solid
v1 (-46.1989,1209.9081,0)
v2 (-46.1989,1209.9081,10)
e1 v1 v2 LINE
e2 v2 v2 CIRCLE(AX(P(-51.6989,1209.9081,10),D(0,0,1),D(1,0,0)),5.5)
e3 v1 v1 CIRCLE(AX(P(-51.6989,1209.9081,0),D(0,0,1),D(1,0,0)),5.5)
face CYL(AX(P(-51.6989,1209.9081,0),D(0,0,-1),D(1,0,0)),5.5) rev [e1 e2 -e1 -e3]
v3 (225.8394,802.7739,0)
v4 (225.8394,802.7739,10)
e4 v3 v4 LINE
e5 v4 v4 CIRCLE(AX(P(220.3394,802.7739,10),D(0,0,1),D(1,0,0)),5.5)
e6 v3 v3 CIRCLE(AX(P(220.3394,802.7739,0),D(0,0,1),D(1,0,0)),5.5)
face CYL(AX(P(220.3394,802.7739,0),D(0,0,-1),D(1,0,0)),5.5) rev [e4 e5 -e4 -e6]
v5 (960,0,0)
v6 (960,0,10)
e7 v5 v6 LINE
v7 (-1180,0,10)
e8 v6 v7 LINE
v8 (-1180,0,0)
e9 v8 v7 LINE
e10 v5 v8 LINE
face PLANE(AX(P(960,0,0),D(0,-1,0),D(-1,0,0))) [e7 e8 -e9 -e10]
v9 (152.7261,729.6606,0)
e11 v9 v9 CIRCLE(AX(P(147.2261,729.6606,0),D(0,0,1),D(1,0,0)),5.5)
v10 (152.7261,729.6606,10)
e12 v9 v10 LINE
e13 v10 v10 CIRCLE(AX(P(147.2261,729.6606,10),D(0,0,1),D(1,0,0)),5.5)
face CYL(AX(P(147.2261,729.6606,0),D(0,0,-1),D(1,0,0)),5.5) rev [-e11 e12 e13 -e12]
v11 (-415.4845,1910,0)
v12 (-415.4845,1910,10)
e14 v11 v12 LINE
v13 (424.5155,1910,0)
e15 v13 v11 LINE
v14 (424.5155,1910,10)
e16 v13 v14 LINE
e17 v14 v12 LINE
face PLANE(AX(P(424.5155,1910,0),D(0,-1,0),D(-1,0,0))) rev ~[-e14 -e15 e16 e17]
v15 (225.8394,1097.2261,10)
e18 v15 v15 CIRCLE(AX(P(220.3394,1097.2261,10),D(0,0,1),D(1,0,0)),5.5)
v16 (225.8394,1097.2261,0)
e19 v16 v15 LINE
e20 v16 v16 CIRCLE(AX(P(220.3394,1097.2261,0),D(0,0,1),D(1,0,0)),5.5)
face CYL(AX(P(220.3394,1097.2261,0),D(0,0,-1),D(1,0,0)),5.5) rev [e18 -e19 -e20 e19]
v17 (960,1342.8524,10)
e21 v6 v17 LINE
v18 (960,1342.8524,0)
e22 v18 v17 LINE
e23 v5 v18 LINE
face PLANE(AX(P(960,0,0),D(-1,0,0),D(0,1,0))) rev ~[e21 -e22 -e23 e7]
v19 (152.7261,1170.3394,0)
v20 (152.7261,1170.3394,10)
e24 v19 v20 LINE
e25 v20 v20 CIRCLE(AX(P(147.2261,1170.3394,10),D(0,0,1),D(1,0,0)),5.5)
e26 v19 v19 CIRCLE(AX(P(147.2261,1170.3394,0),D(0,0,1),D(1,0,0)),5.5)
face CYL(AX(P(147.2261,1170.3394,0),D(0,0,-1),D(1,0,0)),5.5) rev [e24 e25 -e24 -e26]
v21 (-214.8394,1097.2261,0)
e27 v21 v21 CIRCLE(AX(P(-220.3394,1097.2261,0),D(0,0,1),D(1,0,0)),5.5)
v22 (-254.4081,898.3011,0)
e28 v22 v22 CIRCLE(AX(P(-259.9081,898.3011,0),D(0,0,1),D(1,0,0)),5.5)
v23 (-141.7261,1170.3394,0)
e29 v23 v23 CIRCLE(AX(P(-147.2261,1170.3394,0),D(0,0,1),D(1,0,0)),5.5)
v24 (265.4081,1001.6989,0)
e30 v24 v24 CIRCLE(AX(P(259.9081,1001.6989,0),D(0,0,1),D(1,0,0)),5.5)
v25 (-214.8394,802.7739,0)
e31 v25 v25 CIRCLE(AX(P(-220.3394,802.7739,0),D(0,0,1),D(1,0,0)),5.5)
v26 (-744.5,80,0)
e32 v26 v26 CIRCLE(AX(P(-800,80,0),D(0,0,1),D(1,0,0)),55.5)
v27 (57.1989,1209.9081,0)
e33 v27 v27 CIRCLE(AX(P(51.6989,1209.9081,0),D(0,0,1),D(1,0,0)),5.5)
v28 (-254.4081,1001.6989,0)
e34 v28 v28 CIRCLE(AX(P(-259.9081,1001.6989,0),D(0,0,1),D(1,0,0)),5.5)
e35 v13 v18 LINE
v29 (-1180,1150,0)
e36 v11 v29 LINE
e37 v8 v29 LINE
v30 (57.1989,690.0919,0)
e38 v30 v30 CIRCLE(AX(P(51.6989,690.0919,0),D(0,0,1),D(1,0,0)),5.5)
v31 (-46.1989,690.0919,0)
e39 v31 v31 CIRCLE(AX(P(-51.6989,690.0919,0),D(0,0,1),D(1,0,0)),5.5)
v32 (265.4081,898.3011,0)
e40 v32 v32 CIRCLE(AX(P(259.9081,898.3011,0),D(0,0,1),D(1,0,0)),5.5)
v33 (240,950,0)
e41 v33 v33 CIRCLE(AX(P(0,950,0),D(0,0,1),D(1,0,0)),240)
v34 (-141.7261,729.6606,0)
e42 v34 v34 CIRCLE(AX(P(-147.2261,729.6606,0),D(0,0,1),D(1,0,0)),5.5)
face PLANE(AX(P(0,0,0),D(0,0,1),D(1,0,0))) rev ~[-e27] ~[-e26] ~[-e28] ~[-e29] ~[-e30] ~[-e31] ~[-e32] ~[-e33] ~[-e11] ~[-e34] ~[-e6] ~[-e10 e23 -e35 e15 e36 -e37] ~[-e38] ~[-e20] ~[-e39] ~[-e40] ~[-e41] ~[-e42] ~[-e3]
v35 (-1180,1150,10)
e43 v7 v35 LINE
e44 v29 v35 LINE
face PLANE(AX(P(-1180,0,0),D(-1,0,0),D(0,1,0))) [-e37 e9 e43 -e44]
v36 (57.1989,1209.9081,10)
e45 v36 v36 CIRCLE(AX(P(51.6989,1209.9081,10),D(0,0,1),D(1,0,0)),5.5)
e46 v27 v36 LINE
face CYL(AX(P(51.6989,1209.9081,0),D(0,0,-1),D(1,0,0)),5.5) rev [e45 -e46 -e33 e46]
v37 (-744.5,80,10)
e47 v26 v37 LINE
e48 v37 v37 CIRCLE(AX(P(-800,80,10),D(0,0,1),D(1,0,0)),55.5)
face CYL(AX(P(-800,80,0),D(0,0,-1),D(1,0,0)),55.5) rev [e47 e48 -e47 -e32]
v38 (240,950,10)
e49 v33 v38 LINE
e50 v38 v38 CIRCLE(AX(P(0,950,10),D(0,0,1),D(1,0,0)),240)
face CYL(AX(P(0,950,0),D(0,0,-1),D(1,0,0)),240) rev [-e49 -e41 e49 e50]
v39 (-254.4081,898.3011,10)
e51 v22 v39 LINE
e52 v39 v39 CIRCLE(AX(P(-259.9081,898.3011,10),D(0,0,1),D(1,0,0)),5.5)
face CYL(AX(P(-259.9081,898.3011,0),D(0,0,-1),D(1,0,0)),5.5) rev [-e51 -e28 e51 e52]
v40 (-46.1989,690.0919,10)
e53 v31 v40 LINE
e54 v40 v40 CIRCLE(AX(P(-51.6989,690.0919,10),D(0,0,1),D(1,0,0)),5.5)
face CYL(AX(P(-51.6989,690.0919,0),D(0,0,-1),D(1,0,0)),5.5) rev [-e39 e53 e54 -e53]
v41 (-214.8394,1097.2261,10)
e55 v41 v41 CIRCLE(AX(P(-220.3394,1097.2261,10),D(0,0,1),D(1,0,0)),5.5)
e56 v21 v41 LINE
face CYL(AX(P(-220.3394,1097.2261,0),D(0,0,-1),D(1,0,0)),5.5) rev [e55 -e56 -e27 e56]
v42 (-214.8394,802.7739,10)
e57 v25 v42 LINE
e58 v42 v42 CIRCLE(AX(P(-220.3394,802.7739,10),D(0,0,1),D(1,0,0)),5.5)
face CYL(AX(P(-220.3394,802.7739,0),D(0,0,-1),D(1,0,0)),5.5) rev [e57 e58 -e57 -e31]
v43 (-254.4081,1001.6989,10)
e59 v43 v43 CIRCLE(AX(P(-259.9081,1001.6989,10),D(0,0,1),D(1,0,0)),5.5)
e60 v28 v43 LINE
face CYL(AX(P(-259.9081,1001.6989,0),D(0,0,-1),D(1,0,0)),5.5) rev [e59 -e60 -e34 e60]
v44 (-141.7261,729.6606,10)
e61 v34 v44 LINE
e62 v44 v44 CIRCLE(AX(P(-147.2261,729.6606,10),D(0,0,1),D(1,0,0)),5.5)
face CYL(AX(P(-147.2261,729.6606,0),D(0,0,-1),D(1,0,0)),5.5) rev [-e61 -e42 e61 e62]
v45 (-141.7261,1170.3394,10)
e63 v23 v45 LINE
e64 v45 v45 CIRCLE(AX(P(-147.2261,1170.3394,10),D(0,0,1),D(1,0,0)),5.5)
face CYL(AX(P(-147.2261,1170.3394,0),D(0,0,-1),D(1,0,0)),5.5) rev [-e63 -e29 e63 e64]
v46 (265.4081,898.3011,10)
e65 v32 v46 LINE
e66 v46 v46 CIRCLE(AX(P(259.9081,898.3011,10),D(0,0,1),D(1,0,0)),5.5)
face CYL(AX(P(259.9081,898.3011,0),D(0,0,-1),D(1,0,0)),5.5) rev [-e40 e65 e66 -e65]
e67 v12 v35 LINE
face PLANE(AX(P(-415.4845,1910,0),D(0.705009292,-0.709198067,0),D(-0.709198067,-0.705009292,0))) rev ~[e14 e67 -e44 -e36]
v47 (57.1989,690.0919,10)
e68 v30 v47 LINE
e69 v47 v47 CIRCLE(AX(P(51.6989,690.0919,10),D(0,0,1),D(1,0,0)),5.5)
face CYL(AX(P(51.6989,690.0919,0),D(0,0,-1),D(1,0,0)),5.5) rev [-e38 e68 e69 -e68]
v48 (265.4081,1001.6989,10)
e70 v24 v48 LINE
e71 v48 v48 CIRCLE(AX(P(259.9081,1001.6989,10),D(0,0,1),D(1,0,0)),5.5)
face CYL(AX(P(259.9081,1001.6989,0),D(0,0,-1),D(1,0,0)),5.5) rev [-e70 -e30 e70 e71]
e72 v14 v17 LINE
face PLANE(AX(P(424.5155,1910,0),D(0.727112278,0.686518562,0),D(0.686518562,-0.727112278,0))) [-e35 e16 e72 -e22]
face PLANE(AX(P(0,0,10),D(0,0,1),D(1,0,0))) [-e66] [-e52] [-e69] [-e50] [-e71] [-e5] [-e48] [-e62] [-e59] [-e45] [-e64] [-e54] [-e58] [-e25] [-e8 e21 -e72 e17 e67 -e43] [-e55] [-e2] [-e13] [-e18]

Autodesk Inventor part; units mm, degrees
ref_plane "YZ Plane" through (0, 0, 0) normal (1, 0, 0) x (0, 1, 0)
ref_plane "XZ Plane" through (0, 0, 0) normal (0, 1, 0) x (-1, 0, 0)
ref_plane "XY Plane" through (0, 0, 0) normal (0, 0, 1) x (1, 0, 0)
sketch "Sketch1" plane through (0, 0, 0) normal (0, 0, 1) x (1, 0, 0)
  line L0 (0, 0) -> (0, 1910) construction
  line L1 (424.5155, 1910) -> (-415.4845, 1910)
  line L2 (-415.4845, 1910) -> (-1180, 1150)
  line L3 (-1180, 0) -> (-1180, 1150)
  line L4 (960, 0) -> (960, 1342.8524)
  line L5 (424.5155, 1910) -> (960, 1342.8524)
  circle A0 centre (0, 950) radius 265 construction
  line L6 (960, 0) -> (-1180, 0)
  circle A1 centre (-1701.6377, -269.2167) radius 188.5 construction
  circle A2 centre (-800, 80) radius 55.5
  circle A3 centre (0, 950) radius 240
  line L7 (0, 1215) -> (0, 1190) construction
  circle A4 centre (51.6989, 1209.9081) radius 5.5
  line L8 (0, 950) -> (51.6989, 1209.9081) construction
  circle A5 centre (-51.6989, 1209.9081) radius 5.5
  circle A6 centre (-147.2261, 1170.3394) radius 5.5
  circle A7 centre (-220.3394, 1097.2261) radius 5.5
  circle A8 centre (-259.9081, 1001.6989) radius 5.5
  circle A9 centre (-259.9081, 898.3011) radius 5.5
  circle A10 centre (-220.3394, 802.7739) radius 5.5
  circle A11 centre (-147.2261, 729.6606) radius 5.5
  circle A12 centre (-51.6989, 690.0919) radius 5.5
  circle A13 centre (51.6989, 690.0919) radius 5.5
  circle A14 centre (147.2261, 729.6606) radius 5.5
  circle A15 centre (220.3394, 802.7739) radius 5.5
  circle A16 centre (259.9081, 898.3011) radius 5.5
  circle A17 centre (259.9081, 1001.6989) radius 5.5
  circle A18 centre (220.3394, 1097.2261) radius 5.5
  circle A19 centre (147.2261, 1170.3394) radius 5.5
  dimension "d72" = 480
  dimension "d1" = 840
  dimension "d3" = 1150
  dimension "d12" = 1180
  dimension "d13" = 950
  dimension "d14" = 111
  dimension "d15" = 1910
  dimension "d17" = -521.6377
  dimension "d18" = 377
  dimension "d19" = -269.2167
  dimension "d34" = 380
  dimension "d35" = 80
  dimension "d37" = 2140
  dimension "d52" = 530
  dimension "d69" = 780
  dimension "d71" = 1078
  dimension "d74" = 11
  dimension "d79" = 11.25
  dimension "d82" = 360
extrude "Extrusion1" add sketch "Sketch1" along normal blind 10
fillet "Fillet1" [suppressed]
sketch "Sketch4" plane through (0, 0, 0) normal (0, 0, 1) x (1, 0, 0)
  circle A0 centre (-51.6989, 1209.9081) radius 6.5
  circle A1 centre (0, 950) radius 240 projected
  line L0 (0, 950) -> (0, 1196.7062) construction
  line L1 (-51.6989, 1209.9081) -> (0, 950) construction
  point P0 (0, 0)
  point P1 (240, 950)
  point P2 (-5, 1149.9375)
  point P3 (-2.5, 1189.987)
  point P4 (-168.8194, 970)
  point P5 (-2.5, 710.013)
  dimension "d59" = 265
  dimension "d60" = 13
  dimension "d61" = 11.25
extrude "Extrusion4" [suppressed]
pattern_circular "Circular Pattern3" [suppressed]
properties part number "Wall right v2.0"
